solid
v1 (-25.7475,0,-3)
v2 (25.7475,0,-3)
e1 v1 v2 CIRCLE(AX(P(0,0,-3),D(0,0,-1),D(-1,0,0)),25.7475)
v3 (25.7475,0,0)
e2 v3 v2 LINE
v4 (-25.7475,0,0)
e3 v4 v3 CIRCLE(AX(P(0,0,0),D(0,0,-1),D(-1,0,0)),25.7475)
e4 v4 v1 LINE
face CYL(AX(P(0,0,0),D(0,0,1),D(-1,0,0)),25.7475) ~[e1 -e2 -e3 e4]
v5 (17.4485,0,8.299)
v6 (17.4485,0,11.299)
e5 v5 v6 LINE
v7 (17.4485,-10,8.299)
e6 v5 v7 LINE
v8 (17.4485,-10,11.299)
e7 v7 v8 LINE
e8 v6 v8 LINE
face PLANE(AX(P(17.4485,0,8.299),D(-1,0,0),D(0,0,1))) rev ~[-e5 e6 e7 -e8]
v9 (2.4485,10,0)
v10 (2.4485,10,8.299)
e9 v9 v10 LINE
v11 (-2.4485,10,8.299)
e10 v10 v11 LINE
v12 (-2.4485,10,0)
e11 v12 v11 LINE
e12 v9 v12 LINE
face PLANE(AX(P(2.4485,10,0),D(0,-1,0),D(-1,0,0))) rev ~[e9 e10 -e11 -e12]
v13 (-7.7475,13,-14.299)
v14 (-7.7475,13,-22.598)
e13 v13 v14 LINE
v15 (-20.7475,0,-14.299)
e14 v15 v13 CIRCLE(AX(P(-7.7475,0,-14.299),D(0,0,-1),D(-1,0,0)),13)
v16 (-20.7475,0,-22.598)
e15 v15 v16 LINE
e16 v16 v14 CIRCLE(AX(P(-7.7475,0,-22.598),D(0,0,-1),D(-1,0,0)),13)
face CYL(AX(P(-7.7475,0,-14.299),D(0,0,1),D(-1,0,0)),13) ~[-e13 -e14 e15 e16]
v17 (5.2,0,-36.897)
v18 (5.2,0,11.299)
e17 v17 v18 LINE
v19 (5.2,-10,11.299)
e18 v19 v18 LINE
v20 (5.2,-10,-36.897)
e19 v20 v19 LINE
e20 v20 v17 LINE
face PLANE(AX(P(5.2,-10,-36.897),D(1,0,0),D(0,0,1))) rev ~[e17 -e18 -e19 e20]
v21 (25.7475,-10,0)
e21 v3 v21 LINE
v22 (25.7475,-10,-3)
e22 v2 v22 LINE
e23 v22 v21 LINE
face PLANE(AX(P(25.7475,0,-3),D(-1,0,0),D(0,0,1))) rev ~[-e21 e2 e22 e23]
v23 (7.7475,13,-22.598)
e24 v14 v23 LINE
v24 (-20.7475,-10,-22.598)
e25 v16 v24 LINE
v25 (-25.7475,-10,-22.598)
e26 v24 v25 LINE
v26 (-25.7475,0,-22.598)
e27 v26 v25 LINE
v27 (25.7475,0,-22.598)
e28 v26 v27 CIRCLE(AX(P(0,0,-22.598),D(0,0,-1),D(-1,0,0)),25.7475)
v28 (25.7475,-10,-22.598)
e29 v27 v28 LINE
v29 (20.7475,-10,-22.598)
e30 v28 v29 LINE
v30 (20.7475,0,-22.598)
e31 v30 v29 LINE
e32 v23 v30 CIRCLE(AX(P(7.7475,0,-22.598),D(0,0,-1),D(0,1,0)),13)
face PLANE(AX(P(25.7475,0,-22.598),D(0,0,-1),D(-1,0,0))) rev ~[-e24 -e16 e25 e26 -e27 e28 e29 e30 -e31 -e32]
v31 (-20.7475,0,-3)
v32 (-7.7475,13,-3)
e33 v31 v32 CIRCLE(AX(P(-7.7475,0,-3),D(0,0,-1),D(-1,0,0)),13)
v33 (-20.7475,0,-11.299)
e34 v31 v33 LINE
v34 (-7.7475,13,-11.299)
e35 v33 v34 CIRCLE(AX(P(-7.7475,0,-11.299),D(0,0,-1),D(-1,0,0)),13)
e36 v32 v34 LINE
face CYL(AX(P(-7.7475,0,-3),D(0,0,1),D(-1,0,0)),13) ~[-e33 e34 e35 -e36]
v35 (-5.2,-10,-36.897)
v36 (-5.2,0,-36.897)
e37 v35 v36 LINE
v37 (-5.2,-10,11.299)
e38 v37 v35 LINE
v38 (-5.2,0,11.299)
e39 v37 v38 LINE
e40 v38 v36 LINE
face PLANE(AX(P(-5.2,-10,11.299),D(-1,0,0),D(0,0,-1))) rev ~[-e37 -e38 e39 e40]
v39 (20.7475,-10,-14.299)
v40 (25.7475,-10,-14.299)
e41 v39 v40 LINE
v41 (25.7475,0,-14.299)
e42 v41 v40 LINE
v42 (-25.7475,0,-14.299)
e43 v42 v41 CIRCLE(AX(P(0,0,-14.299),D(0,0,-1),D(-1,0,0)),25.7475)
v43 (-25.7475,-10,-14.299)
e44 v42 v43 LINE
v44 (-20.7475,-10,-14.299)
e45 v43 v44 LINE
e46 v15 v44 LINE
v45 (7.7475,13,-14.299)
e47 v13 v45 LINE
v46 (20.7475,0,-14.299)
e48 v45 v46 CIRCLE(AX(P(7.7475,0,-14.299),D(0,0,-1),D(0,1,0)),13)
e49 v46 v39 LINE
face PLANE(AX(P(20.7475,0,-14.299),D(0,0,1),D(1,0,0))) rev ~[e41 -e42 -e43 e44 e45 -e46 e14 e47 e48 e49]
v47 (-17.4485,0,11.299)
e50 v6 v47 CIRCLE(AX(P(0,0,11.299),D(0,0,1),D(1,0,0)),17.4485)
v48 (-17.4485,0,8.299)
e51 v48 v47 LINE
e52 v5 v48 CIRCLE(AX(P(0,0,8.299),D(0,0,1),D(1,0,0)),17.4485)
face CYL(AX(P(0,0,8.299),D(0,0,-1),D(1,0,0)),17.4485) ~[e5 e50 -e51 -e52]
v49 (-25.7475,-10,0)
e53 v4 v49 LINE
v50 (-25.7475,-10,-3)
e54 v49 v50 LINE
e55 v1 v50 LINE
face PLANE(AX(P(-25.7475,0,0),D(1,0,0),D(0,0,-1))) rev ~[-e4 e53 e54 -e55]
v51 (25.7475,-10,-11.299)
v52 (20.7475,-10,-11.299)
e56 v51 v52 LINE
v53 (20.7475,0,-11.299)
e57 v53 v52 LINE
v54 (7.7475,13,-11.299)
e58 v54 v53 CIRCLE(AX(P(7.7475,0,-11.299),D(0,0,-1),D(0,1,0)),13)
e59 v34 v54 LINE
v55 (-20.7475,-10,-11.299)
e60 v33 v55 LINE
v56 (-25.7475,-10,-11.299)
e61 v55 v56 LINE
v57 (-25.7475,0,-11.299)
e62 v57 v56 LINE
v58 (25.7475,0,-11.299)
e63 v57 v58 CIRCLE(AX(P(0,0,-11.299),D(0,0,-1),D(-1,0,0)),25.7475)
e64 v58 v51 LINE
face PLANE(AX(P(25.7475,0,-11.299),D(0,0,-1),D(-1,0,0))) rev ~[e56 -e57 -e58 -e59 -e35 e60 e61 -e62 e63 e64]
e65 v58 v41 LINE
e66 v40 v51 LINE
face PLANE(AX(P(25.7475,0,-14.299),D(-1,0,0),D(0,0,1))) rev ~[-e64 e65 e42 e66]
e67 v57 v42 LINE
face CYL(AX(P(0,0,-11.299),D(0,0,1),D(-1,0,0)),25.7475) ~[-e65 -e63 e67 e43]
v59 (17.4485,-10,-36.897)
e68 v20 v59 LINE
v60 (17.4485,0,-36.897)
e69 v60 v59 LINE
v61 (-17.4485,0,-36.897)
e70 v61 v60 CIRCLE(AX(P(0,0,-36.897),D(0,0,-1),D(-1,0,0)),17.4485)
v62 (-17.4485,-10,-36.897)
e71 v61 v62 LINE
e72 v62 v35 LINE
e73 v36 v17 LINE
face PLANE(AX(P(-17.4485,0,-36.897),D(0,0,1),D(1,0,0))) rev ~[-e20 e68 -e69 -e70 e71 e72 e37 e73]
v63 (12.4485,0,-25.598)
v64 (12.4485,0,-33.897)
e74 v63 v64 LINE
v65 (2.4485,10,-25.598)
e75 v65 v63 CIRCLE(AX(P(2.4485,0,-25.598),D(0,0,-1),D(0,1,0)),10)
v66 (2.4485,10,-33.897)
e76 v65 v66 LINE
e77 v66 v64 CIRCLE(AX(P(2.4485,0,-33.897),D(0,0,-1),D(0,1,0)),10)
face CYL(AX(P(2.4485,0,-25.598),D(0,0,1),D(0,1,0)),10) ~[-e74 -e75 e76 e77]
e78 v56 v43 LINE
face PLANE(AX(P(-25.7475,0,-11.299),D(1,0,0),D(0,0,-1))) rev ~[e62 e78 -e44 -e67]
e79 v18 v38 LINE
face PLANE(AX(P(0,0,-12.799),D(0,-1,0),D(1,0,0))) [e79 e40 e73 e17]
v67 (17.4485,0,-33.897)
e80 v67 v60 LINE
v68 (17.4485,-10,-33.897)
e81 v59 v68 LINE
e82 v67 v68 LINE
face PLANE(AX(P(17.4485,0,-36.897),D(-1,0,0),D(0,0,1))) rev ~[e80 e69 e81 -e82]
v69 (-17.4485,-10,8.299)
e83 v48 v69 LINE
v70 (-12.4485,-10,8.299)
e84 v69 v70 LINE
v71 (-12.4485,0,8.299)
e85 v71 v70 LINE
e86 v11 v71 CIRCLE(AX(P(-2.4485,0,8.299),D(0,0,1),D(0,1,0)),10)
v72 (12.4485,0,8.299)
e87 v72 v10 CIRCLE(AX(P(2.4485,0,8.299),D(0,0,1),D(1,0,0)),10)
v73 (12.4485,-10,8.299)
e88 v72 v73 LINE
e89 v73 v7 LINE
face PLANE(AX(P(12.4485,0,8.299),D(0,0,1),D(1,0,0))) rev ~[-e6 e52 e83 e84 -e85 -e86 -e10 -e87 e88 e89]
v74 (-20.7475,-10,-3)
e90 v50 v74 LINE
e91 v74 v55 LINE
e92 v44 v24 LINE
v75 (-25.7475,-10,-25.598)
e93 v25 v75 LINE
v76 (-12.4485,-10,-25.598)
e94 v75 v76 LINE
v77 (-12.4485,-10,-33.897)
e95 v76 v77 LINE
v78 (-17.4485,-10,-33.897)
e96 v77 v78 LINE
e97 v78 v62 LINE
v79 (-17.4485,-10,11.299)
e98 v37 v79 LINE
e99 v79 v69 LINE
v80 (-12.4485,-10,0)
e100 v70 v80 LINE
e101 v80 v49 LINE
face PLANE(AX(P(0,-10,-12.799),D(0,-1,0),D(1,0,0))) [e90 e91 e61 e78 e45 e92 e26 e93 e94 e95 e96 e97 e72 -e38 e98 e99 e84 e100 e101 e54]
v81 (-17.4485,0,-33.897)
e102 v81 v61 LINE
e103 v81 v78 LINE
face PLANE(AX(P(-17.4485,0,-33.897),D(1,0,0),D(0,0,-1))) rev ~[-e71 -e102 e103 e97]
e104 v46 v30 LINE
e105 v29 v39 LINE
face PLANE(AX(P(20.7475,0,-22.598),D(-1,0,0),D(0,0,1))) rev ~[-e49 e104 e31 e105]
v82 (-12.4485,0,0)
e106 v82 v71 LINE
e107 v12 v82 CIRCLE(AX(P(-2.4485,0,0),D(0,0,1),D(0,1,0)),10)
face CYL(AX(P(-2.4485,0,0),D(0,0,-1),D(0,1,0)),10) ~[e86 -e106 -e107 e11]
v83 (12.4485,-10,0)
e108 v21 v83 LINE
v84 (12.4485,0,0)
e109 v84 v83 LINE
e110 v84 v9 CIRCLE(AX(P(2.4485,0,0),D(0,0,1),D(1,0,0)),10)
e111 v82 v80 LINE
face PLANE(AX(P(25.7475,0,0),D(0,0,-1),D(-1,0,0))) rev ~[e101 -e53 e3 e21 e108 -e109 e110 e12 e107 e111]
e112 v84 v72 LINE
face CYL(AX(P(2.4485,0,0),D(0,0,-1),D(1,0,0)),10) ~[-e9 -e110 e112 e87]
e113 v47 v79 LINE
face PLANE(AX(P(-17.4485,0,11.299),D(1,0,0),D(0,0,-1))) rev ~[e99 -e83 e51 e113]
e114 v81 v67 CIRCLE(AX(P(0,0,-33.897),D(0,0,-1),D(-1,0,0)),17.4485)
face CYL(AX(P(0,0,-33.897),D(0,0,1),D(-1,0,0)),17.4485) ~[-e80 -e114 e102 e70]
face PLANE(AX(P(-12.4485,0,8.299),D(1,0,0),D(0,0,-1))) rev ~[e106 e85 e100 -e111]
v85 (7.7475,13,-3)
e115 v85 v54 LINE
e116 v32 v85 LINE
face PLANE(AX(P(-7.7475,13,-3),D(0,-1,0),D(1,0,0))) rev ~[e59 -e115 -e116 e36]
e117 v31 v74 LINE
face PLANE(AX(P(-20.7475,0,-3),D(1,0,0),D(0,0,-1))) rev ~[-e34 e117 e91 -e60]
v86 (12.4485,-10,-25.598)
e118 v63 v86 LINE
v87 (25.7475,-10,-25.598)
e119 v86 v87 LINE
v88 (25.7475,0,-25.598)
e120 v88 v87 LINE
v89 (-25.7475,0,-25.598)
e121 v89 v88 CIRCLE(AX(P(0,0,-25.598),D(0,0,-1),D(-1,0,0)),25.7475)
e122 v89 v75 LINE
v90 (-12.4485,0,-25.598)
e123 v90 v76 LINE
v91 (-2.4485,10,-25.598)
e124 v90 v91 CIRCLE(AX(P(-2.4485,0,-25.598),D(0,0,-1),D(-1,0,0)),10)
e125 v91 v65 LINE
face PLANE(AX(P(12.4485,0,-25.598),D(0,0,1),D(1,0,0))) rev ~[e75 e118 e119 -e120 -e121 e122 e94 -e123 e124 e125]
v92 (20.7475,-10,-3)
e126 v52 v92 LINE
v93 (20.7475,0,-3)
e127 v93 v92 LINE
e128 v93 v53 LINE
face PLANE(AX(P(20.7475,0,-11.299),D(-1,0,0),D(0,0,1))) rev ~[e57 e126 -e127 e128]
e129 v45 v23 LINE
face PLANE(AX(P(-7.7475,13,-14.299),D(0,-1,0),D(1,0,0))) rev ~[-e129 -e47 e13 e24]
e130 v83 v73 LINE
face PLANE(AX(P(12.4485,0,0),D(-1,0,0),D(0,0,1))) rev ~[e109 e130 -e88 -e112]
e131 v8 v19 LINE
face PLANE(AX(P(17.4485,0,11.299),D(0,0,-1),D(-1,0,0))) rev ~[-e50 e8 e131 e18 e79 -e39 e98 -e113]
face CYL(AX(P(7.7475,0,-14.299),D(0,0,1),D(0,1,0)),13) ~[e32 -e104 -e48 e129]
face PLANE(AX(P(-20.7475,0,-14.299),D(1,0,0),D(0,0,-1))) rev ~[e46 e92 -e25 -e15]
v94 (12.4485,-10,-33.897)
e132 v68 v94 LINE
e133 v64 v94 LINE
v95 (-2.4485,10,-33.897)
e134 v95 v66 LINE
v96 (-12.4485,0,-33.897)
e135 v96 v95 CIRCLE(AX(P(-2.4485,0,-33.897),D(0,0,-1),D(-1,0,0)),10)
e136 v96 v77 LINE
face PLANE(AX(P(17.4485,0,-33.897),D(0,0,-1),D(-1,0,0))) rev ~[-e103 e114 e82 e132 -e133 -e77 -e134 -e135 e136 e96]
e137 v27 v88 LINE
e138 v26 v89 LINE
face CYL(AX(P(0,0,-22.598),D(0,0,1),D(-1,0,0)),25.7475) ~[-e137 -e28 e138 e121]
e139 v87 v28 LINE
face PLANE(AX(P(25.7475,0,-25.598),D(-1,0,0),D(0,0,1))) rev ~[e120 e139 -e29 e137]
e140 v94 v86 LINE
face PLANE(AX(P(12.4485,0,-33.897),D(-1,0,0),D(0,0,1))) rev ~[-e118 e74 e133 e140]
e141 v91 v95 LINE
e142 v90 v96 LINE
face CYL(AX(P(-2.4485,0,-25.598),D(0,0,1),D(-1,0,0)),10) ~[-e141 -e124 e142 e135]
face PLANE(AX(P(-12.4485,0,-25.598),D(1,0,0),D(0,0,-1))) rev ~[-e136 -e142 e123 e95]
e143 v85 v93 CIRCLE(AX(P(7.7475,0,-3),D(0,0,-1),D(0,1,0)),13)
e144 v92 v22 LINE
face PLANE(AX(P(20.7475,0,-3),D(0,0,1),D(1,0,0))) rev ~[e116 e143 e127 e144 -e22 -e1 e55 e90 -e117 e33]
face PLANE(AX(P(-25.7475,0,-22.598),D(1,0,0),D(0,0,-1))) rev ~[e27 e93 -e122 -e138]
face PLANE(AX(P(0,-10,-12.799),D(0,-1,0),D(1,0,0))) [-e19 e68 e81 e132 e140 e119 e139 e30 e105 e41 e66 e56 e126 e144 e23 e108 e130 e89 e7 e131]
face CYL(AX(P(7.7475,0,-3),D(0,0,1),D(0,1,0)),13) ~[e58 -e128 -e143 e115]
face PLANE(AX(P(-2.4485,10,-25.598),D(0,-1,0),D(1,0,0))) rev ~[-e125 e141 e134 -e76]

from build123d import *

# Parameters (mm, degrees)
F2_DEPTH  = 8.299
F4_DEPTH  = 3
F6_DEPTH  = 3
F8_DEPTH  = 8.299
F10_DEPTH = 3
F12_DEPTH = 8.299
F14_DEPTH = 3
F16_DEPTH = 8.299
F18_DEPTH = 3
F20_DEPTH = 10
F22_DEPTH = 10


with BuildPart() as f2:
    # F1 (on Top) → F2 (new body)
    with BuildSketch(Plane.XY):
        with BuildLine():
            ThreePointArc((-2.4485, 10), (-9.5195678119, 7.0710678119), (-12.4485, 0))
            Line((-12.4485, 0), (12.4485, 0))
            ThreePointArc((12.4485, 0), (9.5195678119, 7.0710678119), (2.4485, 10))
            Line((2.4485, 10), (0, 10))
            Line((0, 10), (-2.4485, 10))
        make_face()
    extrude(amount=F2_DEPTH)

    # F3 (on face) → F4 (join)
    with BuildSketch(Plane.XY.offset(8.299)):
        with BuildLine():
            ThreePointArc((17.4485, 0), (0, 17.4485), (-17.4485, 0))
            Line((-17.4485, 0), (17.4485, 0))
        make_face()
    extrude(amount=F4_DEPTH)

    # F5 (on face) → F6 (join)
    with BuildSketch(Plane(origin=(0, 0, 0), x_dir=(1, 0, 0), z_dir=(0, 0, -1))):
        with BuildLine():
            ThreePointArc((-25.7475, 0), (0, -25.7475), (25.7475, 0))
            Line((25.7475, 0), (-25.7475, 0))
        make_face()
    extrude(amount=F6_DEPTH)

    # F7 (on face) → F8 (join)
    with BuildSketch(Plane(origin=(0, 0, -3), x_dir=(1, 0, 0), z_dir=(0, 0, -1))):
        with BuildLine():
            ThreePointArc((7.7475, -13), (16.9398881554, -9.1923881554), (20.7475, 0))
            Line((20.7475, 0), (-20.7475, 0))
            ThreePointArc((-20.7475, 0), (-16.9398881554, -9.1923881554), (-7.7475, -13))
            Line((-7.7475, -13), (0, -13))
            Line((0, -13), (7.7475, -13))
        make_face()
    extrude(amount=F8_DEPTH)

    # F9 (on face) → F10 (join)
    with BuildSketch(Plane(origin=(0, 0, -11.299), x_dir=(1, 0, 0), z_dir=(0, 0, -1))):
        with BuildLine():
            ThreePointArc((-25.7475, 0), (0, -25.7475), (25.7475, 0))
            Line((25.7475, 0), (-25.7475, 0))
        make_face()
    extrude(amount=F10_DEPTH)

    # F11 (on face) → F12 (join)
    with BuildSketch(Plane(origin=(0, 0, -14.299), x_dir=(1, 0, 0), z_dir=(0, 0, -1))):
        with BuildLine():
            ThreePointArc((7.7475, -13), (16.9398881554, -9.1923881554), (20.7475, 0))
            Line((20.7475, 0), (-20.7475, 0))
            ThreePointArc((-20.7475, 0), (-16.9398881554, -9.1923881554), (-7.7475, -13))
            Line((-7.7475, -13), (0, -13))
            Line((0, -13), (7.7475, -13))
        make_face()
    extrude(amount=F12_DEPTH)

    # F13 (on face) → F14 (join)
    with BuildSketch(Plane(origin=(0, 0, -22.598), x_dir=(1, 0, 0), z_dir=(0, 0, -1))):
        with BuildLine():
            ThreePointArc((-25.7475, 0), (0, -25.7475), (25.7475, 0))
            Line((25.7475, 0), (-25.7475, 0))
        make_face()
    extrude(amount=F14_DEPTH)

    # F15 (on face) → F16 (join)
    with BuildSketch(Plane(origin=(0, 0, -25.598), x_dir=(1, 0, 0), z_dir=(0, 0, -1))):
        with BuildLine():
            Line((-2.4485, -10), (0, -10))
            Line((0, -10), (2.4485, -10))
            ThreePointArc((2.4485, -10), (9.5195678119, -7.0710678119), (12.4485, 0))
            Line((12.4485, 0), (0, 0))
            Line((0, 0), (-12.4485, 0))
            ThreePointArc((-12.4485, 0), (-9.5195678119, -7.0710678119), (-2.4485, -10))
        make_face()
    extrude(amount=F16_DEPTH)

    # F17 (on face) → F18 (join)
    with BuildSketch(Plane(origin=(0, 0, -33.897), x_dir=(1, 0, 0), z_dir=(0, 0, -1))):
        with BuildLine():
            ThreePointArc((-17.4485, 0), (0, -17.4485), (17.4485, 0))
            Line((17.4485, 0), (-17.4485, 0))
        make_face()
    extrude(amount=F18_DEPTH)

    # F19 (on face) → F20 (join)
    with BuildSketch(Plane.XZ):
        Polygon((0, -36.897), (17.4485, -36.897), (17.4485, -33.897), (12.4485, -33.897), (12.4485, -25.598), (25.7475, -25.598), (25.7475, -22.598), (20.7475, -22.598), (20.7475, -14.299), (25.7475, -14.299), (25.7475, -11.299), (20.7475, -11.299), (20.7475, -3), (25.7475, -3), (25.7475, 0), (12.4485, 0), (12.4485, 8.299), (17.4485, 8.299), (17.4485, 11.299), (0, 11.299), (-17.4485, 11.299), (-17.4485, 8.299), (-12.4485, 8.299), (-12.4485, 0), (-25.7475, 0), (-25.7475, -3), (-20.7475, -3), (-20.7475, -11.299), (-25.7475, -11.299), (-25.7475, -14.299), (-20.7475, -14.299), (-20.7475, -22.598), (-25.7475, -22.598), (-25.7475, -25.598), (-12.4485, -25.598), (-12.4485, -33.897), (-17.4485, -33.897), (-17.4485, -36.897), align=None)
    extrude(amount=F20_DEPTH)

    # F21 (on face) → F22 (cut)
    with BuildSketch(Plane.XZ.offset(10)):
        Polygon((-5.2, -36.897), (0, -36.897), (5.2, -36.897), (5.2, 11.299), (0, 11.299), (-5.2, 11.299), align=None)
    extrude(amount=-F22_DEPTH, mode=Mode.SUBTRACT)


solid = f2.part
